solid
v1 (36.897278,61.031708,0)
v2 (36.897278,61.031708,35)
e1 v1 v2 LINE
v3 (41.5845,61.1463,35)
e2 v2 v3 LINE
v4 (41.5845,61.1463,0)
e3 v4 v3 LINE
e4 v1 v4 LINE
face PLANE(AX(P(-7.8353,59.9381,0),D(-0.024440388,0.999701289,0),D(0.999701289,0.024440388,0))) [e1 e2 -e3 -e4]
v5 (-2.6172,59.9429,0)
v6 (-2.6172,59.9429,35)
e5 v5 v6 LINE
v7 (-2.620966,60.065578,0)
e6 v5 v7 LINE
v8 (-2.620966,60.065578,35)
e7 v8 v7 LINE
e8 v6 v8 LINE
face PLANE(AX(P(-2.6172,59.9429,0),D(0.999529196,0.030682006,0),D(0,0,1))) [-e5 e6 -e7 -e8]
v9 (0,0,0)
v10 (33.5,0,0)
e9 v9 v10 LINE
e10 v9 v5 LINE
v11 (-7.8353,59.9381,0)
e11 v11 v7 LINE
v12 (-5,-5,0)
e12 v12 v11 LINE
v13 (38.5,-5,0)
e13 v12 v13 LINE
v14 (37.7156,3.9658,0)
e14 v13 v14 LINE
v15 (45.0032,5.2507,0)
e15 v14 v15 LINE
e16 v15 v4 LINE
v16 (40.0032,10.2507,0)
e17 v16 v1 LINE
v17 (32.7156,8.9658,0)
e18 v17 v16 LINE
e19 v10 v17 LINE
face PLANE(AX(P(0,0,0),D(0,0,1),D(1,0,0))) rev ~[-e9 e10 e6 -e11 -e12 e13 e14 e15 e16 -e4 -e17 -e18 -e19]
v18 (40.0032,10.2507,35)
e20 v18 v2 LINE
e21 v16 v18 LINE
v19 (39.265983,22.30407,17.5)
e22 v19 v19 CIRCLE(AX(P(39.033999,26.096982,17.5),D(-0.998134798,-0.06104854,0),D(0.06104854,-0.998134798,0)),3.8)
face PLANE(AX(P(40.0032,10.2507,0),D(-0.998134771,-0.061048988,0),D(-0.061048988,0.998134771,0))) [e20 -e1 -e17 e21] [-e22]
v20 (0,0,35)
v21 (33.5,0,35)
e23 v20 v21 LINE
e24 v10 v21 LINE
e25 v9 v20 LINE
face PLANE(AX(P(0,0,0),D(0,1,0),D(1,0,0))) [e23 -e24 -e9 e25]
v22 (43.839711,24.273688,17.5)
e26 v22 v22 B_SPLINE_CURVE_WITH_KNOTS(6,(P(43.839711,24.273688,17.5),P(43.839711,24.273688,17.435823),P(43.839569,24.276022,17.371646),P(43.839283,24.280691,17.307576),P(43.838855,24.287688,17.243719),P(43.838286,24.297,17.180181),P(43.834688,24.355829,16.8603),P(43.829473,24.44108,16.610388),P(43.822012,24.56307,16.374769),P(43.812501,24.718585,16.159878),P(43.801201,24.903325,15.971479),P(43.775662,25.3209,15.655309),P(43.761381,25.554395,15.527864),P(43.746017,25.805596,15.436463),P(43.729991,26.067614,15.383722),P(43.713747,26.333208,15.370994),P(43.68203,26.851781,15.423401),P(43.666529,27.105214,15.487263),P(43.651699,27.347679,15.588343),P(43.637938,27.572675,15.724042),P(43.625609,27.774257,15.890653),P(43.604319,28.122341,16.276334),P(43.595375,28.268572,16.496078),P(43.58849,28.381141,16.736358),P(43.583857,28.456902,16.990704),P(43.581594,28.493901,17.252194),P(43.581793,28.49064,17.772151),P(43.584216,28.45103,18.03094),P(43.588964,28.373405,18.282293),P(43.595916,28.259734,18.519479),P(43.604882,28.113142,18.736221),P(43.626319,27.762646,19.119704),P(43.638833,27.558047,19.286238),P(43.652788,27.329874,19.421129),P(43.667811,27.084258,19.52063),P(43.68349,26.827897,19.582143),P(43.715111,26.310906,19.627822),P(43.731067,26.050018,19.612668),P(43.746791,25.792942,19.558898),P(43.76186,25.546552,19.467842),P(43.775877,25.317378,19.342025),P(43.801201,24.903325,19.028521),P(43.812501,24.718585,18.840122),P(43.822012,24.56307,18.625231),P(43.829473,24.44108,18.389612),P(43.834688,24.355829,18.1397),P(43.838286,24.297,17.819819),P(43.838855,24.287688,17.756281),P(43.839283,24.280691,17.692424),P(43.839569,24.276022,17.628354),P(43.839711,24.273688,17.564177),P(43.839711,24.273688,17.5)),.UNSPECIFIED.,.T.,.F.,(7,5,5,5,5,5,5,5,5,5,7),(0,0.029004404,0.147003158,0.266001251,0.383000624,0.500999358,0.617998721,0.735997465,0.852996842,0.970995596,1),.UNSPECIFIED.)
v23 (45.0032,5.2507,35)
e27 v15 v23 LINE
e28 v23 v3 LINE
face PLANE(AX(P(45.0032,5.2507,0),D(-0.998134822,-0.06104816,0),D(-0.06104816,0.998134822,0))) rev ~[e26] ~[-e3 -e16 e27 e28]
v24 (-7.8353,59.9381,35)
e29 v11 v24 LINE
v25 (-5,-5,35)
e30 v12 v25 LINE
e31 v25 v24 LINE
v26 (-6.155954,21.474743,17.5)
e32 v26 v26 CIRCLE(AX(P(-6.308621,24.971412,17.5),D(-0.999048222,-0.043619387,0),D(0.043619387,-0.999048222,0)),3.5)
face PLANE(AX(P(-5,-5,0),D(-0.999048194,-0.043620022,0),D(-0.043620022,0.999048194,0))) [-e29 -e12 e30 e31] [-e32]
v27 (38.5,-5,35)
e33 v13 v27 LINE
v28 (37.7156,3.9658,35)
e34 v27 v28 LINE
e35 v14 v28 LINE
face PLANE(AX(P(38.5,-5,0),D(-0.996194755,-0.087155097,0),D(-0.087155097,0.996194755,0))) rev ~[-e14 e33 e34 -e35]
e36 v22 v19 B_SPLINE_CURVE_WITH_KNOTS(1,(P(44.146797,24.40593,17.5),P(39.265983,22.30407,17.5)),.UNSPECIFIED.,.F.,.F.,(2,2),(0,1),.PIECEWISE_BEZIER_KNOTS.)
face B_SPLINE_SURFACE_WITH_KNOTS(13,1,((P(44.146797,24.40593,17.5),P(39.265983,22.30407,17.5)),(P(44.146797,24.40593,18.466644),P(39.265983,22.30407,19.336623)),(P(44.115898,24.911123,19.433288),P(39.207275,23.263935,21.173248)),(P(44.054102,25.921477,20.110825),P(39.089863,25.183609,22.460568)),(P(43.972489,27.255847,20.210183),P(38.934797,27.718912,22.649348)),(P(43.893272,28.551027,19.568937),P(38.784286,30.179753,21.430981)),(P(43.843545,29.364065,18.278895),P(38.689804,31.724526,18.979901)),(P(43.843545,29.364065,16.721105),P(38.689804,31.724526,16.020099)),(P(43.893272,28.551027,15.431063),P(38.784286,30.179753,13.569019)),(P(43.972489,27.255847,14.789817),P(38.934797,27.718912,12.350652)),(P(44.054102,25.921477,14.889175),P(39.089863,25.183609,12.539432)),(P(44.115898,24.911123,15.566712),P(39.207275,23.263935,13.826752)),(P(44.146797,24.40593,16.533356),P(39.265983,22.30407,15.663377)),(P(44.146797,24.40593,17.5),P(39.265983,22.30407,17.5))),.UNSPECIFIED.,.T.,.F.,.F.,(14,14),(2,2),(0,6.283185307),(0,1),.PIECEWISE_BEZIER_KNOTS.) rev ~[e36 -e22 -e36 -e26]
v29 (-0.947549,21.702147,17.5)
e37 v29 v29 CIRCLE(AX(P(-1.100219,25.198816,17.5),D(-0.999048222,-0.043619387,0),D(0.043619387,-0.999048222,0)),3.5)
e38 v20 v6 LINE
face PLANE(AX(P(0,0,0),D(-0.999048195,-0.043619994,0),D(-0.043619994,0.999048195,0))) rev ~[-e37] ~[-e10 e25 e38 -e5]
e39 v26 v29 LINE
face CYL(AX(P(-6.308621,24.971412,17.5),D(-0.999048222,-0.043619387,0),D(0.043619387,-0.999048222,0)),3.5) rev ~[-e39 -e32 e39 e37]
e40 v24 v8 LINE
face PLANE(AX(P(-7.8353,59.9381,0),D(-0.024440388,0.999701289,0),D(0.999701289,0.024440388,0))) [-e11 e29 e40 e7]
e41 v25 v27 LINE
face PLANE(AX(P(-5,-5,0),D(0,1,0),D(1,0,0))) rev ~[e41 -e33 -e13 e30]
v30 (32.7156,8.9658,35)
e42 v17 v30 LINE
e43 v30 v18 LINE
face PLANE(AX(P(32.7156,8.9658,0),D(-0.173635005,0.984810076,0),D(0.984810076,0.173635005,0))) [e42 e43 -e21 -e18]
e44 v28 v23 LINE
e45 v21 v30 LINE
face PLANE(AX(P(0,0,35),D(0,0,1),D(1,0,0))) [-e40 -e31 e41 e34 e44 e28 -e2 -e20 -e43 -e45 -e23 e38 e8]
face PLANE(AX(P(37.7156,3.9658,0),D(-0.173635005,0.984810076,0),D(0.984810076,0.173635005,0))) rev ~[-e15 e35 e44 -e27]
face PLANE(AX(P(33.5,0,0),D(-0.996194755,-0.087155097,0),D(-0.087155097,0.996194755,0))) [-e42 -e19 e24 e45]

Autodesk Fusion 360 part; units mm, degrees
sketch "Esquisse2" plane through (0, 0, 0) normal (0, 0, 1) x (1, 0, 0)
  line L0 (0, 0) -> (33.5, 0)
  line L1 (0, 0) -> (-2.6172, 59.9429)
  line L2 (0, 0) -> (60, 0) construction
  line L3 (33.5, 0) -> (32.7156, 8.9658)
  line L4 (33.5, 0) -> (42.4658, 0) construction
  line L5 (32.7156, 8.9658) -> (40.0032, 10.2507)
  line L6 (32.7156, 8.9658) -> (40.1156, 8.9658) construction
  line L7 (40.0032, 10.2507) -> (36.8897, 61.1556)
  line L8 (40.0032, 10.2507) -> (91.0032, 10.2507) construction
  line L9 (36.8897, 61.1556) -> (-2.6172, 59.9429)
  dimension "d13" = 33.5
  dimension "d14" = 92.5
  dimension "d15" = 60
  dimension "d16" = 95
  dimension "d17" = 9
  dimension "d18" = 10
  dimension "d19" = 7.4
  dimension "d20" = 93.5
  dimension "d21" = 51
sketch "Esquisse3" plane through (0, 0, 0) normal (0, 0, 1) x (1, 0, 0)
  line L0 (0, 0) -> (-5, 0) construction
  line L1 (-5, 0) -> (-5, -5) construction
  line L2 (-5, -5) -> (0, -5) construction
  line L3 (0, -5) -> (0, 0) construction
  line L4 (-5, -5) -> (38.5, -5)
  line L5 (-5, -5) -> (-7.8353, 59.9381)
  line L6 (-5, -5) -> (65, -5) construction
  line L7 (38.5, -5) -> (37.7156, 3.9658)
  line L8 (38.5, -5) -> (47.4658, -5) construction
  line L9 (37.7156, 3.9658) -> (45.0032, 5.2507)
  line L10 (37.7156, 3.9658) -> (45.1156, 3.9658) construction
  line L11 (45.0032, 5.2507) -> (41.5845, 61.1463)
  line L12 (45.0032, 5.2507) -> (106.0032, 5.2507) construction
  line L13 (-7.8353, 59.9381) -> (41.5845, 61.1463)
  dimension "d22" = 5
  dimension "d23" = 5
  dimension "d24" = 43.5
  dimension "d25" = 92.5
  dimension "d26" = 65
  dimension "d27" = 95
  dimension "d28" = 9
  dimension "d29" = 10
  dimension "d30" = 7.4
  dimension "d31" = 93.5
  dimension "d32" = 56
extrude "Extrusion1" add sketch "Esquisse3" along normal blind 35
extrude "Extrusion2" cut sketch "Esquisse2" along normal blind 35
extrude "Extrusion3" cut 1 faces at (10.4829, 60.345, 23.3333) along direction (-0.030682, 0.999529, 0) blind 10
ref_plane "Plan de construction1" through (36.8973, 61.0317, 35) normal (-0.9981, -0.061, 0) x (0.061, -0.9981, 0)
sketch "Esquisse4" plane through (36.8973, 61.0317, 35) normal (-0.9981, -0.061, 0) x (0.061, -0.9981, 0)
  line L0 (0, 0) -> (35, 0) construction
  line L1 (35, 0) -> (35, -17.5) construction
  line L2 (35, -17.5) -> (0, -17.5) construction
  line L3 (0, -17.5) -> (0, 0) construction
  circle A0 centre (35, -17.5) radius 3.8
  dimension "d41" = 35
  dimension "d42" = 17.5
  dimension "d43" = 7.6
ref_plane "Plan de construction2" through (44.0247, 26.4022, 17.5) normal (-0.9981, -0.061, 0) x (0.061, -0.9981, 0)
sketch "Esquisse5" plane through (44.0247, 26.4022, 17.5) normal (-0.9981, -0.061, 0) x (0.061, -0.9981, 0)
  circle A0 centre (0, 0) radius 2
  dimension "d45" = 4
loft "Lissage1" cut profiles "Esquisse5", "Esquisse4" section 1 section 2
ref_plane "Plan de construction3" through (-7.8353, 59.9381, 35) normal (-0.999, -0.0436, 0) x (0.0436, -0.999, 0)
sketch "Esquisse6" plane through (-7.8353, 59.9381, 35) normal (-0.999, -0.0436, 0) x (0.0436, -0.999, 0)
  line L0 (0, 0) -> (35, 0) construction
  line L1 (35, 0) -> (35, -17.5) construction
  line L2 (35, -17.5) -> (0, -17.5) construction
  line L3 (0, -17.5) -> (0, 0) construction
  circle A0 centre (35, -17.5) radius 3.5
  dimension "d46" = 35
  dimension "d47" = 17.5
  dimension "d48" = 7
extrude "Extrusion4" cut sketch "Esquisse6" against normal blind 10
equation "height = 60 mm"
equation "bottomWidth = 33.5 mm"
equation "edgeHeight = 9 mm"
equation "edgeWidth = 7.4 mm"
equation "thickness = 5 mm"
equation "screwHoleDiameter = 4 mm"
equation "screwHoleBevel = 7.6 mm"
equation "screwDriverHoleDiameter = 7 mm"
equation "angle1 = 92.5 deg"
equation "angle2 = 95 deg"
equation "angle3 = 10 deg"
equation "angle4 = 93.5 deg"
equation "d13 = bottomWidth"
equation "d14 = angle1"
equation "d15 = height"
equation "d16 = angle2"
equation "d18 = angle3"
equation "d19 = edgeWidth"
equation "d20 = angle4"
equation "d21 = height - edgeHeight"
equation "d22 = thickness"
equation "d23 = thickness"
equation "d24 = bottomWidth + ( 2 * thickness )"
equation "d25 = angle1"
equation "d26 = height + thickness"
equation "d27 = angle2"
equation "d28 = edgeHeight"
equation "d29 = angle3"
equation "d30 = edgeWidth"
equation "d31 = angle4"
equation "d32 = height - edgeHeight + thickness"
equation "d33 = width"
equation "width = 35 mm"
equation "d36 = width"
equation "screwHoleHeight = 30 mm"
equation "d41 = height + thickness - screwHoleHeight"
equation "d42 = width / 2"
equation "d43 = screwHoleBevel"
equation "d45 = screwHoleDiameter"
equation "d46 = height + thickness - screwHoleHeight"
equation "d47 = width / 2"
equation "d48 = screwDriverHoleDiameter"
equation "d49 = -thickness * 2"
